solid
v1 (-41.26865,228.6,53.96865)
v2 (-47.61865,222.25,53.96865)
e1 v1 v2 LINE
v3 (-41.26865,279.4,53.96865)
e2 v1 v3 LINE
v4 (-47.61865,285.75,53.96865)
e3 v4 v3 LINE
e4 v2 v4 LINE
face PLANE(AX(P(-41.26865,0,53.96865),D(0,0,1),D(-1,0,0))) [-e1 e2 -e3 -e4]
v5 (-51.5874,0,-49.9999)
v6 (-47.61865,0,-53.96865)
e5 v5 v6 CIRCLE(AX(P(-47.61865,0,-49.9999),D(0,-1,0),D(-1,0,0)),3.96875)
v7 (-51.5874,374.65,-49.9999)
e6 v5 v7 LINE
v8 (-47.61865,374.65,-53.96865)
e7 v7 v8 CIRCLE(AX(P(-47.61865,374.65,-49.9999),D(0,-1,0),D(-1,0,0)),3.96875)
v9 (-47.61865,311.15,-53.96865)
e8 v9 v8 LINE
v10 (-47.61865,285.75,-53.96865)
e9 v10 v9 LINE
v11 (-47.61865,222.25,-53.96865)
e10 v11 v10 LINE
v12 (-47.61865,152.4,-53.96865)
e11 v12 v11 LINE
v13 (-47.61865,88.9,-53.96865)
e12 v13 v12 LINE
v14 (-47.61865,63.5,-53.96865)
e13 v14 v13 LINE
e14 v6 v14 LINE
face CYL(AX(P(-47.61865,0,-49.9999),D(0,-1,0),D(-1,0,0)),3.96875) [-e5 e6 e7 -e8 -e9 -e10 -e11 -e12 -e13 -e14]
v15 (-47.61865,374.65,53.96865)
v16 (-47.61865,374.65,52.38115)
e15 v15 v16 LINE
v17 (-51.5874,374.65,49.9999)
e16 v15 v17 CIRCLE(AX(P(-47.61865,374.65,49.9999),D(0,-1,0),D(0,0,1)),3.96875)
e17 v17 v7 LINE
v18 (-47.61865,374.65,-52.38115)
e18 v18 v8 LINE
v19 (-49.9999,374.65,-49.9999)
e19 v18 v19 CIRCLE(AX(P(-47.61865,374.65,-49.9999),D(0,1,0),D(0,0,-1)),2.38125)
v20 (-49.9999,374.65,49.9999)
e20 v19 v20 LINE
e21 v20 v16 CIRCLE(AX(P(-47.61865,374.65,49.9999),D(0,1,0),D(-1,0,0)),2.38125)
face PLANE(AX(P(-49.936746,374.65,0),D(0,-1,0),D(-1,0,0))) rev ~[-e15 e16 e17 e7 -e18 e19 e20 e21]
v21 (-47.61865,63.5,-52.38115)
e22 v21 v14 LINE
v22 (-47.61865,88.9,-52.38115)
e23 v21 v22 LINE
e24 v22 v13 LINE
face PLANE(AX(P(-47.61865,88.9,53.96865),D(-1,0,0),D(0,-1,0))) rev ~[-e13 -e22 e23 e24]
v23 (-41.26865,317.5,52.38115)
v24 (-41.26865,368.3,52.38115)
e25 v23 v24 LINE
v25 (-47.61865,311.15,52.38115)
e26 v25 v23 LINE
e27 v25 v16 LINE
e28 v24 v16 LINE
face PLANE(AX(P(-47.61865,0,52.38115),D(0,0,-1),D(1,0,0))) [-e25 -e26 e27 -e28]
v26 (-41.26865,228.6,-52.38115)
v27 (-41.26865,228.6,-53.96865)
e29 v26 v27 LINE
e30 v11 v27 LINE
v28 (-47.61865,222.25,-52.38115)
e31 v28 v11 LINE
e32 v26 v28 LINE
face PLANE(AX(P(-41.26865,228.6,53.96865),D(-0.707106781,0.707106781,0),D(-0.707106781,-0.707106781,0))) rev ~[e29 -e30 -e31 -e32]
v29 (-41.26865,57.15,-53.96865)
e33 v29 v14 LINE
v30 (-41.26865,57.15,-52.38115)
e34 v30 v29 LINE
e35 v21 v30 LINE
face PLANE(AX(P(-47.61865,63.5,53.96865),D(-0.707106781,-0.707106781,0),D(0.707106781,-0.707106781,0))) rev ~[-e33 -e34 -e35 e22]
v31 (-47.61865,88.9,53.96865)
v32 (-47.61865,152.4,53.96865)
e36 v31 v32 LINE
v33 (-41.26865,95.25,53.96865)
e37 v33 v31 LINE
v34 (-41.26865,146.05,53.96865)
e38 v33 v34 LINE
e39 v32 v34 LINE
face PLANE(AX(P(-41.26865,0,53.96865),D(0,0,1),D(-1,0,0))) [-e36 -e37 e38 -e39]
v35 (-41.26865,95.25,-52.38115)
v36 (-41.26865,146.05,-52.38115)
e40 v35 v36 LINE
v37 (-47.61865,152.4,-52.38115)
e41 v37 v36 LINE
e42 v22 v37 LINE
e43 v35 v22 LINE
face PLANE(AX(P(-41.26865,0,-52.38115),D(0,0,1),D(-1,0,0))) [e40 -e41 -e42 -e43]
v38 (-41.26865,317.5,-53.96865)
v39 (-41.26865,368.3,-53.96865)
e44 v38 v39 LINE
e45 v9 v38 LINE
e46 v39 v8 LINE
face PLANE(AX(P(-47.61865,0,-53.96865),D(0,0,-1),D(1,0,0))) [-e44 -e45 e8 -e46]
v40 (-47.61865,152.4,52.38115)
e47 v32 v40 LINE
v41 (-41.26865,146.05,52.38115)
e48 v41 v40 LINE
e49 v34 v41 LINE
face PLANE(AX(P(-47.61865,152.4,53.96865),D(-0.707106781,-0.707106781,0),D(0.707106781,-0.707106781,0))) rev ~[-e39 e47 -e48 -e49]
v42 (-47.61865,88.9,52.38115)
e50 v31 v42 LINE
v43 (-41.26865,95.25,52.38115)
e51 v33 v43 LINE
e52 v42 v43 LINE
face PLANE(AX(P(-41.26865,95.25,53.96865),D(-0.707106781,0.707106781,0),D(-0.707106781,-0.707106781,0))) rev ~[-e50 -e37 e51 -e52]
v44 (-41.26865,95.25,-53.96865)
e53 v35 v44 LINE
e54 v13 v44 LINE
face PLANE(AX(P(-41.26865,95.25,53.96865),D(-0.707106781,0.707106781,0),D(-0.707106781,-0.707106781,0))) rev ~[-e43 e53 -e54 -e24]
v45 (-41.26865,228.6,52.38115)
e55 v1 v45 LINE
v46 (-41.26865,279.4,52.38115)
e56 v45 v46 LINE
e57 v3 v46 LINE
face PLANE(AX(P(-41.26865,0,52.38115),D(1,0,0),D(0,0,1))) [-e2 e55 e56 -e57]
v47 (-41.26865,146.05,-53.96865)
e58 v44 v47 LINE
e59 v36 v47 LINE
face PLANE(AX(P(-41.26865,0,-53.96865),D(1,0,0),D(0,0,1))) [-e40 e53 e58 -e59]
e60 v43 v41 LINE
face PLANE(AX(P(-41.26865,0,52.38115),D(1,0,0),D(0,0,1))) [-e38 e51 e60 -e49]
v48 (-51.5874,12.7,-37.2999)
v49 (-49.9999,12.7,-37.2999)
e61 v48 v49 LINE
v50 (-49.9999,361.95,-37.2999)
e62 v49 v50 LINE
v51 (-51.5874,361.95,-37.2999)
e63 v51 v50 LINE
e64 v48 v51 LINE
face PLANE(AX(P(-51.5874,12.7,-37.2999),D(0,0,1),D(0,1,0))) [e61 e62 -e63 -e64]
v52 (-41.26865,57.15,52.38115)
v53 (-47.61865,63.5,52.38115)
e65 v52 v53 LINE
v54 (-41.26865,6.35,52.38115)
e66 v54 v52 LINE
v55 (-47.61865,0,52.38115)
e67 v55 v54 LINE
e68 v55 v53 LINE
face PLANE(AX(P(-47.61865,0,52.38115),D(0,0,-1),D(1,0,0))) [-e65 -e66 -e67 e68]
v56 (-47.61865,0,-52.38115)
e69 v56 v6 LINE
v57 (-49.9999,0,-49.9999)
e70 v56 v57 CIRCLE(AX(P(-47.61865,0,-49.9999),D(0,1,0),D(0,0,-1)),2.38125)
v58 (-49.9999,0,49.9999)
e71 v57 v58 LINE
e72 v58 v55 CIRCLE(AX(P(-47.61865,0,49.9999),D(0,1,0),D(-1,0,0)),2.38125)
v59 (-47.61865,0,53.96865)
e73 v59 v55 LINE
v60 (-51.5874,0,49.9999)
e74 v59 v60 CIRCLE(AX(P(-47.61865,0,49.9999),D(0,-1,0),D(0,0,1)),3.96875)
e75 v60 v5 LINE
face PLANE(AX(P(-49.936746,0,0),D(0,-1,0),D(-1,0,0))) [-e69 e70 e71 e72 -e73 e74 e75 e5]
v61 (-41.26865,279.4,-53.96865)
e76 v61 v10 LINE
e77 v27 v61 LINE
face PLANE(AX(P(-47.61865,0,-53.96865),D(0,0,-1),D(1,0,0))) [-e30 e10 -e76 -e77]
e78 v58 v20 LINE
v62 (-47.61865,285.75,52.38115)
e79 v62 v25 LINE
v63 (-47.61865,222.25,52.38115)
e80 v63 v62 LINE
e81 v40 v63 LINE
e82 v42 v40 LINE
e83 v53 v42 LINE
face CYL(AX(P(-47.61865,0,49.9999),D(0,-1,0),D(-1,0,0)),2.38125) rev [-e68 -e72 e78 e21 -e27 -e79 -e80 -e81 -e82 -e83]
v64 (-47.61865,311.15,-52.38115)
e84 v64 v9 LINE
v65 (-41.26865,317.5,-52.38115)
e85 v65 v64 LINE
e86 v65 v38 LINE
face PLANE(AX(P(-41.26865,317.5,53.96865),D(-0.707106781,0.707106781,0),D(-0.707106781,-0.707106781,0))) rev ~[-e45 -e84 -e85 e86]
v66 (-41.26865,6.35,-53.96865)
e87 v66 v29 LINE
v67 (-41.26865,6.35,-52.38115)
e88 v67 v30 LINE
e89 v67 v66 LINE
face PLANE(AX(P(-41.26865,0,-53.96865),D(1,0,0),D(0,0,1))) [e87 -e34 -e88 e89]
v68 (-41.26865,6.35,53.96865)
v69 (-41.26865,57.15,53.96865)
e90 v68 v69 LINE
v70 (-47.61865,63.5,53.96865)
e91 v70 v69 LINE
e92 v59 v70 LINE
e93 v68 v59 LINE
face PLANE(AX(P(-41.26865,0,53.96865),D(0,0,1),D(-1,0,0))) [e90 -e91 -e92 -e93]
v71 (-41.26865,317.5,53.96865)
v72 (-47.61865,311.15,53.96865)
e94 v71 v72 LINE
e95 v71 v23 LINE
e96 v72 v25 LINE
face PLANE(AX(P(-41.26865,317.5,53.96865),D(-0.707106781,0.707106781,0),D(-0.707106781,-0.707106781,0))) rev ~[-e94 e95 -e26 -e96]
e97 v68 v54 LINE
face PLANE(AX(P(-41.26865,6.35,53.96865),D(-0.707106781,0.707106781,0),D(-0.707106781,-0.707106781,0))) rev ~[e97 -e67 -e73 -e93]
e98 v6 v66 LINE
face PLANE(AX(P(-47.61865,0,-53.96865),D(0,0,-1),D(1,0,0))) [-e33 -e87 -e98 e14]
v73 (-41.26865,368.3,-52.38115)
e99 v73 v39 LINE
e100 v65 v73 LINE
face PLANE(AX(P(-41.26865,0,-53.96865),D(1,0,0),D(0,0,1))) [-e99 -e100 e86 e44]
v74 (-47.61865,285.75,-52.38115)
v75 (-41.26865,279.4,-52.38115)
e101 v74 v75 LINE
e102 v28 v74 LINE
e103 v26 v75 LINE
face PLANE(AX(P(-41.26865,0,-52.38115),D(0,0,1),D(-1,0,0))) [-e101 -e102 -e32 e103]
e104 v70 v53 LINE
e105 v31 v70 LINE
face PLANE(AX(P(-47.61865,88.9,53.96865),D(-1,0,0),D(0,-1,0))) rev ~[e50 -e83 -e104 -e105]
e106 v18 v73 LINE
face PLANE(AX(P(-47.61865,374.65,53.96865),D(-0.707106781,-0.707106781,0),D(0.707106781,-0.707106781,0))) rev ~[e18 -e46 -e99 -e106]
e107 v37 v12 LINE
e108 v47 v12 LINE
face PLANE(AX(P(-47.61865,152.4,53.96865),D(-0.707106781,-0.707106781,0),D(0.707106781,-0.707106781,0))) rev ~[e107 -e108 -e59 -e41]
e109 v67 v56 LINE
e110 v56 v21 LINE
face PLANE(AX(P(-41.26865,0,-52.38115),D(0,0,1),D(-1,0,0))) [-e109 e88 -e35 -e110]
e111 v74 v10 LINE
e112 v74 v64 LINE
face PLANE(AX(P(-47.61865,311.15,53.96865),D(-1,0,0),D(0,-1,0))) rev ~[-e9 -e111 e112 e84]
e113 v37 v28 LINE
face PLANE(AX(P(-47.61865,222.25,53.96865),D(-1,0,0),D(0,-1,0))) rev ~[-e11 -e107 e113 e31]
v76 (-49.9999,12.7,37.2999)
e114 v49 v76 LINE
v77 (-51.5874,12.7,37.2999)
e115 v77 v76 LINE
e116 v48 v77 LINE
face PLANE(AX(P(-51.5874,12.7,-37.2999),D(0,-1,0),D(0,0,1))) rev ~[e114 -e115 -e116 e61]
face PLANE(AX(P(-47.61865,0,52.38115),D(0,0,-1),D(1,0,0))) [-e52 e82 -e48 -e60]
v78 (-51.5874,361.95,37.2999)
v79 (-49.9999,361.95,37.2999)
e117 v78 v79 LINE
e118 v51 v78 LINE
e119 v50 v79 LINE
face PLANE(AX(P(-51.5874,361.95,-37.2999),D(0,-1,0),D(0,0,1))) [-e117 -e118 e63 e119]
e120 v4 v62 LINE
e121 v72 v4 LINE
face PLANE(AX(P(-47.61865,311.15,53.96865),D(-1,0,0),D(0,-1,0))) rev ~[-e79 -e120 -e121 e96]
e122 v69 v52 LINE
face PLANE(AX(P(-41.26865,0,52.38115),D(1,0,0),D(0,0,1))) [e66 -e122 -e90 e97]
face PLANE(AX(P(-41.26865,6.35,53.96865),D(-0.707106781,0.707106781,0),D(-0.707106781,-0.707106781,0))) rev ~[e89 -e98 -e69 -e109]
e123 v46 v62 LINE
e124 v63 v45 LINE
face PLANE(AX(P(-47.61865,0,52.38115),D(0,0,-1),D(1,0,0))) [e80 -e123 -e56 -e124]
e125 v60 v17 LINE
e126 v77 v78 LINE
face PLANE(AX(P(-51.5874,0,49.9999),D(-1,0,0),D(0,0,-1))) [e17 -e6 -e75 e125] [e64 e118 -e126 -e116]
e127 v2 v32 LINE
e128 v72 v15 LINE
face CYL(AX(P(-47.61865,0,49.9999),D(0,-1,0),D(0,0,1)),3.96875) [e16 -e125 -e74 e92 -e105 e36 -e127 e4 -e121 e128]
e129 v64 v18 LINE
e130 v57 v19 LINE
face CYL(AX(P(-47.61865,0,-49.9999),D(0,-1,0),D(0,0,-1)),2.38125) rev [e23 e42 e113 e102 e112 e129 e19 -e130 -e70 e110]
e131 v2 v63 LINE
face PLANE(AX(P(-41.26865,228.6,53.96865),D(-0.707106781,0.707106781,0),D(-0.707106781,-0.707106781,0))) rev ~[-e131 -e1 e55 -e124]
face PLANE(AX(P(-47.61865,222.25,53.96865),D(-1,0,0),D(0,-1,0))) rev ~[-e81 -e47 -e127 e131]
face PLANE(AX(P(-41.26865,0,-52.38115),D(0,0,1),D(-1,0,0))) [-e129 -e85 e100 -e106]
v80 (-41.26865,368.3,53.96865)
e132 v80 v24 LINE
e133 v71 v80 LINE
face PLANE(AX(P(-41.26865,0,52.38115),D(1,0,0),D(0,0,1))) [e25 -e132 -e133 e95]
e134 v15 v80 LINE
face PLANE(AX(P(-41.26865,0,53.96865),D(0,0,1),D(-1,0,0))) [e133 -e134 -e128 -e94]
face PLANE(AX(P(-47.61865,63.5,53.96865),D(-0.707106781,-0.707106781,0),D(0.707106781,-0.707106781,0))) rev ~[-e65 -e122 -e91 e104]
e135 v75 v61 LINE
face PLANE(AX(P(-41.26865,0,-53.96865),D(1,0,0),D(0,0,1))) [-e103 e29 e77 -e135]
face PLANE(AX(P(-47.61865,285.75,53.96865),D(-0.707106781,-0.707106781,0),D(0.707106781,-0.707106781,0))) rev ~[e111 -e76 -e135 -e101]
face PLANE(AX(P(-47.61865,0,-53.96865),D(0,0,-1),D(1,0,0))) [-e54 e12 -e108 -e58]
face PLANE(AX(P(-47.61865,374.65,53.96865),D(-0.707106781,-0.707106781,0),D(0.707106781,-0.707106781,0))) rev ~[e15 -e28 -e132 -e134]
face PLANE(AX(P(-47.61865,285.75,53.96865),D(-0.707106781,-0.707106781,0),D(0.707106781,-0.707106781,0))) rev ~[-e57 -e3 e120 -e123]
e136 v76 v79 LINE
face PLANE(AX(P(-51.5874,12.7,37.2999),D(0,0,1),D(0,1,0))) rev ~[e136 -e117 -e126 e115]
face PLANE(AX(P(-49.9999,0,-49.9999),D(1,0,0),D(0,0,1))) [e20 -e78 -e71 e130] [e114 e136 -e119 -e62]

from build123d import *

# Parameters (mm, degrees)
MAINPLATEEXTRUDE_DEPTH = 374.65
FLANGECUT_DEPTH        = 107.95
SKETCH3_W              = 74.5998
SKETCH3_H              = 349.25
CUT_EXTRUDE2_DEPTH     = 1.5875


with BuildPart() as part:
    # Sketch1 → MainPlateExtrude (new body)
    with BuildSketch(Plane(origin=(0, 0, 0), x_dir=(1, 0, 0), z_dir=(0, 1, 0))):
        with BuildLine():
            Line((-47.61865, -52.38115), (-41.26865, -52.38115))
            Line((-41.26865, -52.38115), (-41.26865, -53.96865))
            Line((-41.26865, -53.96865), (-47.61865, -53.96865))
            ThreePointArc((-47.61865, -53.96865), (-50.424980038, -52.806230038), (-51.5874, -49.9999))
            Line((-51.5874, -49.9999), (-51.5874, 49.9999))
            ThreePointArc((-51.5874, 49.9999), (-50.424980038, 52.806230038), (-47.61865, 53.96865))
            Line((-47.61865, 53.96865), (-41.26865, 53.96865))
            Line((-41.26865, 53.96865), (-41.26865, 52.38115))
            Line((-41.26865, 52.38115), (-47.61865, 52.38115))
            ThreePointArc((-47.61865, 52.38115), (-49.302448023, 51.683698023), (-49.9999, 49.9999))
            Line((-49.9999, 49.9999), (-49.9999, -49.9999))
            ThreePointArc((-49.9999, -49.9999), (-49.302448023, -51.683698023), (-47.61865, -52.38115))
        make_face()
    extrude(amount=MAINPLATEEXTRUDE_DEPTH)

    # Sketch2 → FlangeCut (cut)
    with BuildSketch(Plane.XY.offset(53.96865)):
        Polygon((-41.26865, 95.25), (-47.61865, 88.9), (-47.61865, 63.5), (-41.26865, 57.15), align=None)
        Polygon((-41.26865, 6.35), (-47.61865, 0), (-41.26865, 0), align=None)
        Polygon((-41.26865, 228.6), (-47.61865, 222.25), (-47.61865, 152.4), (-41.26865, 146.05), align=None)
        Polygon((-41.26865, 317.5), (-47.61865, 311.15), (-47.61865, 285.75), (-41.26865, 279.4), align=None)
        Polygon((-41.26865, 374.65), (-47.61865, 374.65), (-41.26865, 368.3), align=None)
    extrude(amount=-FLANGECUT_DEPTH, mode=Mode.SUBTRACT)

    # Sketch3 → Cut-Extrude2 (cut)
    with BuildSketch(Plane.ZY.offset(51.5874)):
        with Locations((0, 187.325)):
            Rectangle(SKETCH3_W, SKETCH3_H)
    extrude(amount=-CUT_EXTRUDE2_DEPTH, mode=Mode.SUBTRACT)


solid = part.part
